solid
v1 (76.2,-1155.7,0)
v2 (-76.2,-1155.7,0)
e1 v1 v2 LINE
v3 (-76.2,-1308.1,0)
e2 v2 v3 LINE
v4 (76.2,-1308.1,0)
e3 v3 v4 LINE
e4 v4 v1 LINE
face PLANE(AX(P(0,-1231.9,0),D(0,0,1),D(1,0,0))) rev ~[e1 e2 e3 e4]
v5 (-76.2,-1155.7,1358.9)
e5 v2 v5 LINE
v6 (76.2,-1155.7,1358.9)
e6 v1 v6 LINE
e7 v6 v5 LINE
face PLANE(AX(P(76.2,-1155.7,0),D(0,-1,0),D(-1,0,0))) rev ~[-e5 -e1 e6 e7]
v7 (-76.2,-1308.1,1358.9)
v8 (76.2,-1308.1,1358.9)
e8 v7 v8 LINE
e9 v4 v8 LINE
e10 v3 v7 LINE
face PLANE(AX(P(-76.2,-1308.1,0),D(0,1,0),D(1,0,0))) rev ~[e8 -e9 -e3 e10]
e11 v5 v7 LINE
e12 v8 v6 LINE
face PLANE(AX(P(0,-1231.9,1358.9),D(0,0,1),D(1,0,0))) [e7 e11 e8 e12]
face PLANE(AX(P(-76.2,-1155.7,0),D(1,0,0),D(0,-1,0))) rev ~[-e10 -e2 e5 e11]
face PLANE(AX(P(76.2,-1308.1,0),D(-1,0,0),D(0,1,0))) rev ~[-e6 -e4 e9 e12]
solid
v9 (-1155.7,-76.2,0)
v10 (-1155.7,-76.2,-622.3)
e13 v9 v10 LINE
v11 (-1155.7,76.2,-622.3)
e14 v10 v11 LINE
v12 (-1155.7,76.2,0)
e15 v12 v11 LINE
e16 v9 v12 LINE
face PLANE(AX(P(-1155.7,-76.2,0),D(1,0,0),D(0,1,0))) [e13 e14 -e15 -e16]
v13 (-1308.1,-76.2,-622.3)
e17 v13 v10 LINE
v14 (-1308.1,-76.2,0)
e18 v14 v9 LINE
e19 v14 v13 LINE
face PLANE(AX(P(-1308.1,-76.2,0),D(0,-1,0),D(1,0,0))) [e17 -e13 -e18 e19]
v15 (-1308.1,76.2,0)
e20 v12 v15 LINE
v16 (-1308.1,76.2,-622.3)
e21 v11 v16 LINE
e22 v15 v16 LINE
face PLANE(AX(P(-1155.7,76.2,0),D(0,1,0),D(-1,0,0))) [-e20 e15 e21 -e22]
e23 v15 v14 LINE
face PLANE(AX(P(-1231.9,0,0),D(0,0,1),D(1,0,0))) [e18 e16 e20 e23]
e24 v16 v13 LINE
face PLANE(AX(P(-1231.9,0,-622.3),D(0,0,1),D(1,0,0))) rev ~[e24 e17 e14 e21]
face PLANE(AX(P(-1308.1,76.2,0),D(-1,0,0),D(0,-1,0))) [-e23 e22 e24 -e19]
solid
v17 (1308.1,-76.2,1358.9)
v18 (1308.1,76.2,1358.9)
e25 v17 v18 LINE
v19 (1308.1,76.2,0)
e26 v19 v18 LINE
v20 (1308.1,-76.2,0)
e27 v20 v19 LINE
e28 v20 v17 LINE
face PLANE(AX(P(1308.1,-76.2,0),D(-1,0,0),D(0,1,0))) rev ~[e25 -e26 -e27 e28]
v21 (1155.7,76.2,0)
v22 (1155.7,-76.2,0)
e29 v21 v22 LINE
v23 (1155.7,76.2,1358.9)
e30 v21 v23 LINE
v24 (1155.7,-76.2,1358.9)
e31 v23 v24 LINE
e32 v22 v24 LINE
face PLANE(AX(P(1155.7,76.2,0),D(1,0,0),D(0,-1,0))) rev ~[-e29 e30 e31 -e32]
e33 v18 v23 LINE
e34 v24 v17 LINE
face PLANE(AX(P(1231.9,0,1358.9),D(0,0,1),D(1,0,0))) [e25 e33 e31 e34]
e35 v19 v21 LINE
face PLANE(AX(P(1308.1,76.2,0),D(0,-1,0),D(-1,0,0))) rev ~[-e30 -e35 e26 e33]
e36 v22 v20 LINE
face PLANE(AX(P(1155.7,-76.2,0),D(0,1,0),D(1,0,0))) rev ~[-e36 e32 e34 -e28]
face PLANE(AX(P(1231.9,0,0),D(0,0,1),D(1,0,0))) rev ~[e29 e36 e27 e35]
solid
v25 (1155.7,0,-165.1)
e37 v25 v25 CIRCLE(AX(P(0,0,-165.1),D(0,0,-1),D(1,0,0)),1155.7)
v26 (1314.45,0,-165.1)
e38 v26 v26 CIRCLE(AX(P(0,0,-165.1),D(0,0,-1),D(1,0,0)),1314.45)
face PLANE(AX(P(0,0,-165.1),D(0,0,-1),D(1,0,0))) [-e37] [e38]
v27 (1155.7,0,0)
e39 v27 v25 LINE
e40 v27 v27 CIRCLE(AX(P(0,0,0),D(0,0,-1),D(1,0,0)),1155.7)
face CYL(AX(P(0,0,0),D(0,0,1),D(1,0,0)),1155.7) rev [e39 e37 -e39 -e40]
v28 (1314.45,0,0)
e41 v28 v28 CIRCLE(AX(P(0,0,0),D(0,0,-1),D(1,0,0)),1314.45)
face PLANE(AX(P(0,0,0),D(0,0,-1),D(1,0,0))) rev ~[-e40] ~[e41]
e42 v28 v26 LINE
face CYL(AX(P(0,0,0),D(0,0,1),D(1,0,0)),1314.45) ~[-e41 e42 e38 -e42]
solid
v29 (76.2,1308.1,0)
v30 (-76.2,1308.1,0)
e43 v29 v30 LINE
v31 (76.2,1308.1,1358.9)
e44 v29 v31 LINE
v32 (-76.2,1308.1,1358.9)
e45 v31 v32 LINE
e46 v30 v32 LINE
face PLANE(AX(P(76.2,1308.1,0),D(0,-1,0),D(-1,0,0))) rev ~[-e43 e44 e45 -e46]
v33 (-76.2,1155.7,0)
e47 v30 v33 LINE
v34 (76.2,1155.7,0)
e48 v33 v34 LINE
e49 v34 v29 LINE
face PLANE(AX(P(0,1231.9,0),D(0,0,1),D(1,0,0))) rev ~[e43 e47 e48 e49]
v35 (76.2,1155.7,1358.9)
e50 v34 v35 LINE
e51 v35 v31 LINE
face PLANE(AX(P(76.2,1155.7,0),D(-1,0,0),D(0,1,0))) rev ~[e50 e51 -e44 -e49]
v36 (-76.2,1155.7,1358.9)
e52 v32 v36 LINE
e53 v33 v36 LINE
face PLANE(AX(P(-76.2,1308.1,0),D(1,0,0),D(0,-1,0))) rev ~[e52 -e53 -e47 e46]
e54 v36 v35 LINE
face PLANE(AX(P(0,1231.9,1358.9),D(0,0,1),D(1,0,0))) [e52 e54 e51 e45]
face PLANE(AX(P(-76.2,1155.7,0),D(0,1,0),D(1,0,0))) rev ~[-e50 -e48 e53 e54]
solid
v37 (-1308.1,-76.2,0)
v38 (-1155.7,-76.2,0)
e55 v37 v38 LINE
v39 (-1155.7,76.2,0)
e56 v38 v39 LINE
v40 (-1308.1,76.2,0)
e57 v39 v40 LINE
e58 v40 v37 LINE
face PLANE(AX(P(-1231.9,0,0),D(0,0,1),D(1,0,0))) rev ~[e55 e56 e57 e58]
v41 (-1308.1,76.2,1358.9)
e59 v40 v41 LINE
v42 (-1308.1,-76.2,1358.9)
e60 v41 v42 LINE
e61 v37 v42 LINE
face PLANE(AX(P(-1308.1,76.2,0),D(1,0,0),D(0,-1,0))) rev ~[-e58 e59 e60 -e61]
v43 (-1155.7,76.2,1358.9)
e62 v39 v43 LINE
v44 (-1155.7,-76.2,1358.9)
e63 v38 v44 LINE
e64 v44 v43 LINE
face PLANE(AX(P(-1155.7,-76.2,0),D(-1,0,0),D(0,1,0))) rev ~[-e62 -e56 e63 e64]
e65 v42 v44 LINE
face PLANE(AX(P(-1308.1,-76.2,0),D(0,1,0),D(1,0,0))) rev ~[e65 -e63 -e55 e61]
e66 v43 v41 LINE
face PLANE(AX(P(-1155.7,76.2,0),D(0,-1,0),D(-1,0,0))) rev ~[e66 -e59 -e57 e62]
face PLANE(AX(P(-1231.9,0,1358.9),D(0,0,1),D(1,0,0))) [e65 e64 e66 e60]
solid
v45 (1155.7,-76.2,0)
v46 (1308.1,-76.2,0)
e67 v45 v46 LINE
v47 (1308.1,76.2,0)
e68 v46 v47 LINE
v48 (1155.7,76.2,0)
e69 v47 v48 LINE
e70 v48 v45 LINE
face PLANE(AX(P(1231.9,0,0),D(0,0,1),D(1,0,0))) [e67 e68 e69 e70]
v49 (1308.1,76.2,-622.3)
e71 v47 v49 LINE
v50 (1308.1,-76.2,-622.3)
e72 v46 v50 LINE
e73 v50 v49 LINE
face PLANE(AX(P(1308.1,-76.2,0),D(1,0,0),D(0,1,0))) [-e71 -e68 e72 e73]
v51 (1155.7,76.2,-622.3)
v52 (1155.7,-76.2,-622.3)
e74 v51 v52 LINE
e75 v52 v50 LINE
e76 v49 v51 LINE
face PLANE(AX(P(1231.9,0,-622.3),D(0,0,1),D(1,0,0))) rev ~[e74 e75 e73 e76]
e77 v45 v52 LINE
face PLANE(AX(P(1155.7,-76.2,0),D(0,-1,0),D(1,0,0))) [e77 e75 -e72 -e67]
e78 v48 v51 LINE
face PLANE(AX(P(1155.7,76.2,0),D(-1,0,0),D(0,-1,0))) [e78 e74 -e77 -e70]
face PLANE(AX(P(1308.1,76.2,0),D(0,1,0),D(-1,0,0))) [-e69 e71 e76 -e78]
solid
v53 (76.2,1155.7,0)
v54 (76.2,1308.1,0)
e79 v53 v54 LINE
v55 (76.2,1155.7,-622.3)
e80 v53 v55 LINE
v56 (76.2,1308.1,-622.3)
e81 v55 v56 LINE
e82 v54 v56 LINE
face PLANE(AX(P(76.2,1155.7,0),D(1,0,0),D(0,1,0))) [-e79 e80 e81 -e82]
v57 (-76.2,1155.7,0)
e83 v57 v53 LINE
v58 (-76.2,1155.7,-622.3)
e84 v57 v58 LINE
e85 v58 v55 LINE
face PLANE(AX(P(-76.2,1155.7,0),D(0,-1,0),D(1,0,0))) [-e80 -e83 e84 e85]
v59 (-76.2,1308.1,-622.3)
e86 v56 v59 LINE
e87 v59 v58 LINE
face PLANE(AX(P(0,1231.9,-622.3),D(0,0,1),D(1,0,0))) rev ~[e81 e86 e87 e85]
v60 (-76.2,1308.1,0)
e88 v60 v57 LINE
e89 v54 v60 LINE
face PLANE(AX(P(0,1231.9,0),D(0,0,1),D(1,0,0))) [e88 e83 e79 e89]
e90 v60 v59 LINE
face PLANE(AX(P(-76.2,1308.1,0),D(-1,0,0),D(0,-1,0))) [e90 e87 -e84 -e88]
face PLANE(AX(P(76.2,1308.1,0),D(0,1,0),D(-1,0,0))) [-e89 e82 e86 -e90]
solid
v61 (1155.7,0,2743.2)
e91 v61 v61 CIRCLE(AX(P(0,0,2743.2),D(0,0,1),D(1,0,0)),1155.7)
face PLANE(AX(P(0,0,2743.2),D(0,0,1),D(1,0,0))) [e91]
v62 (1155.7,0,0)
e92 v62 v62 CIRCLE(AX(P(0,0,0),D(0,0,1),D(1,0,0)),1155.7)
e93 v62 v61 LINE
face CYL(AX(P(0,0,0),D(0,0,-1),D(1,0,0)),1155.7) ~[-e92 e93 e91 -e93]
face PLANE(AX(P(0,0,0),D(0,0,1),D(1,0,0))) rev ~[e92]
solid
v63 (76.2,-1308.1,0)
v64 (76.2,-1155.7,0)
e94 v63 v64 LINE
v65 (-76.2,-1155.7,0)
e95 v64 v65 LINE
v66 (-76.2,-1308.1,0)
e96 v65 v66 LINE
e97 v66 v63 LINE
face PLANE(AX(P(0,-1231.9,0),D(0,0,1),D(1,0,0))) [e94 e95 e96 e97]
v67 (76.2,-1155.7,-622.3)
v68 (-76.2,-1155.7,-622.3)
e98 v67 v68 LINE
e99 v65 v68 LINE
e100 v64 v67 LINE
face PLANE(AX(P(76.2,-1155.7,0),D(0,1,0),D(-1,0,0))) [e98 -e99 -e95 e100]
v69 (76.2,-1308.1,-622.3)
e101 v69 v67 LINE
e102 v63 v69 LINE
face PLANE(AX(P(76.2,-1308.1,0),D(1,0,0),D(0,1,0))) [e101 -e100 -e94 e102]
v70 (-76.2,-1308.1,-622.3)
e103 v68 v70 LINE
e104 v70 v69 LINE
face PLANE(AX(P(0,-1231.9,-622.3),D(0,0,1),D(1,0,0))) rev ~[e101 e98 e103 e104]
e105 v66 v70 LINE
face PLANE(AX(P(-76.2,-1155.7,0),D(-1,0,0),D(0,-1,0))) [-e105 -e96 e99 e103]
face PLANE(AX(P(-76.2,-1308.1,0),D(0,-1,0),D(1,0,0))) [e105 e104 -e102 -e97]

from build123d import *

# Parameters (mm, degrees)
F0_R     = 1155.7
F1_DEPTH = 2743.2
F2_R     = 1314.45
F2_R_2   = 1155.7
F3_DEPTH = 165.1
F5_DEPTH = 1358.9
F6_DEPTH = 622.3


with BuildPart() as f1:
    # F0 (on Top) → F1 (new body)
    with BuildSketch(Plane.XY):
        Circle(F0_R)
    extrude(amount=F1_DEPTH)


with BuildPart() as f3:
    # F2 (on face) → F3 (new body)
    with BuildSketch(Plane(origin=(0, 0, 0), x_dir=(1, 0, 0), z_dir=(0, 0, -1))):
        Circle(F2_R)
        Circle(F2_R_2, mode=Mode.SUBTRACT)
    extrude(amount=F3_DEPTH)


with BuildPart() as f5:
    # F4 (on face) → F5 (new body)
    with BuildSketch(Plane.XY):
        Polygon((-1155.7, 0), (-1155.7, 76.2), (-1308.1, 76.2), (-1308.1, 0), (-1308.1, -76.2), (-1155.7, -76.2), align=None)
        Polygon((76.2, -1308.1), (76.2, -1155.7), (0, -1155.7), (-76.2, -1155.7), (-76.2, -1308.1), (0, -1308.1), align=None)
        Polygon((1308.1, 76.2), (1155.7, 76.2), (1155.7, 0), (1155.7, -76.2), (1308.1, -76.2), (1308.1, 0), align=None)
        Polygon((-76.2, 1308.1), (-76.2, 1155.7), (0, 1155.7), (76.2, 1155.7), (76.2, 1308.1), (0, 1308.1), align=None)
    extrude(amount=F5_DEPTH)


with BuildPart() as f6:
    # F4 (on face) → F6 (new body)
    with BuildSketch(Plane.XY):
        Polygon((-1155.7, 0), (-1155.7, 76.2), (-1308.1, 76.2), (-1308.1, 0), (-1308.1, -76.2), (-1155.7, -76.2), align=None)
        Polygon((76.2, -1308.1), (76.2, -1155.7), (0, -1155.7), (-76.2, -1155.7), (-76.2, -1308.1), (0, -1308.1), align=None)
        Polygon((1308.1, 76.2), (1155.7, 76.2), (1155.7, 0), (1155.7, -76.2), (1308.1, -76.2), (1308.1, 0), align=None)
        Polygon((-76.2, 1308.1), (-76.2, 1155.7), (0, 1155.7), (76.2, 1155.7), (76.2, 1308.1), (0, 1308.1), align=None)
    extrude(amount=-F6_DEPTH)


solid = Compound([f1.part, f3.part, f5.part, f6.part])
